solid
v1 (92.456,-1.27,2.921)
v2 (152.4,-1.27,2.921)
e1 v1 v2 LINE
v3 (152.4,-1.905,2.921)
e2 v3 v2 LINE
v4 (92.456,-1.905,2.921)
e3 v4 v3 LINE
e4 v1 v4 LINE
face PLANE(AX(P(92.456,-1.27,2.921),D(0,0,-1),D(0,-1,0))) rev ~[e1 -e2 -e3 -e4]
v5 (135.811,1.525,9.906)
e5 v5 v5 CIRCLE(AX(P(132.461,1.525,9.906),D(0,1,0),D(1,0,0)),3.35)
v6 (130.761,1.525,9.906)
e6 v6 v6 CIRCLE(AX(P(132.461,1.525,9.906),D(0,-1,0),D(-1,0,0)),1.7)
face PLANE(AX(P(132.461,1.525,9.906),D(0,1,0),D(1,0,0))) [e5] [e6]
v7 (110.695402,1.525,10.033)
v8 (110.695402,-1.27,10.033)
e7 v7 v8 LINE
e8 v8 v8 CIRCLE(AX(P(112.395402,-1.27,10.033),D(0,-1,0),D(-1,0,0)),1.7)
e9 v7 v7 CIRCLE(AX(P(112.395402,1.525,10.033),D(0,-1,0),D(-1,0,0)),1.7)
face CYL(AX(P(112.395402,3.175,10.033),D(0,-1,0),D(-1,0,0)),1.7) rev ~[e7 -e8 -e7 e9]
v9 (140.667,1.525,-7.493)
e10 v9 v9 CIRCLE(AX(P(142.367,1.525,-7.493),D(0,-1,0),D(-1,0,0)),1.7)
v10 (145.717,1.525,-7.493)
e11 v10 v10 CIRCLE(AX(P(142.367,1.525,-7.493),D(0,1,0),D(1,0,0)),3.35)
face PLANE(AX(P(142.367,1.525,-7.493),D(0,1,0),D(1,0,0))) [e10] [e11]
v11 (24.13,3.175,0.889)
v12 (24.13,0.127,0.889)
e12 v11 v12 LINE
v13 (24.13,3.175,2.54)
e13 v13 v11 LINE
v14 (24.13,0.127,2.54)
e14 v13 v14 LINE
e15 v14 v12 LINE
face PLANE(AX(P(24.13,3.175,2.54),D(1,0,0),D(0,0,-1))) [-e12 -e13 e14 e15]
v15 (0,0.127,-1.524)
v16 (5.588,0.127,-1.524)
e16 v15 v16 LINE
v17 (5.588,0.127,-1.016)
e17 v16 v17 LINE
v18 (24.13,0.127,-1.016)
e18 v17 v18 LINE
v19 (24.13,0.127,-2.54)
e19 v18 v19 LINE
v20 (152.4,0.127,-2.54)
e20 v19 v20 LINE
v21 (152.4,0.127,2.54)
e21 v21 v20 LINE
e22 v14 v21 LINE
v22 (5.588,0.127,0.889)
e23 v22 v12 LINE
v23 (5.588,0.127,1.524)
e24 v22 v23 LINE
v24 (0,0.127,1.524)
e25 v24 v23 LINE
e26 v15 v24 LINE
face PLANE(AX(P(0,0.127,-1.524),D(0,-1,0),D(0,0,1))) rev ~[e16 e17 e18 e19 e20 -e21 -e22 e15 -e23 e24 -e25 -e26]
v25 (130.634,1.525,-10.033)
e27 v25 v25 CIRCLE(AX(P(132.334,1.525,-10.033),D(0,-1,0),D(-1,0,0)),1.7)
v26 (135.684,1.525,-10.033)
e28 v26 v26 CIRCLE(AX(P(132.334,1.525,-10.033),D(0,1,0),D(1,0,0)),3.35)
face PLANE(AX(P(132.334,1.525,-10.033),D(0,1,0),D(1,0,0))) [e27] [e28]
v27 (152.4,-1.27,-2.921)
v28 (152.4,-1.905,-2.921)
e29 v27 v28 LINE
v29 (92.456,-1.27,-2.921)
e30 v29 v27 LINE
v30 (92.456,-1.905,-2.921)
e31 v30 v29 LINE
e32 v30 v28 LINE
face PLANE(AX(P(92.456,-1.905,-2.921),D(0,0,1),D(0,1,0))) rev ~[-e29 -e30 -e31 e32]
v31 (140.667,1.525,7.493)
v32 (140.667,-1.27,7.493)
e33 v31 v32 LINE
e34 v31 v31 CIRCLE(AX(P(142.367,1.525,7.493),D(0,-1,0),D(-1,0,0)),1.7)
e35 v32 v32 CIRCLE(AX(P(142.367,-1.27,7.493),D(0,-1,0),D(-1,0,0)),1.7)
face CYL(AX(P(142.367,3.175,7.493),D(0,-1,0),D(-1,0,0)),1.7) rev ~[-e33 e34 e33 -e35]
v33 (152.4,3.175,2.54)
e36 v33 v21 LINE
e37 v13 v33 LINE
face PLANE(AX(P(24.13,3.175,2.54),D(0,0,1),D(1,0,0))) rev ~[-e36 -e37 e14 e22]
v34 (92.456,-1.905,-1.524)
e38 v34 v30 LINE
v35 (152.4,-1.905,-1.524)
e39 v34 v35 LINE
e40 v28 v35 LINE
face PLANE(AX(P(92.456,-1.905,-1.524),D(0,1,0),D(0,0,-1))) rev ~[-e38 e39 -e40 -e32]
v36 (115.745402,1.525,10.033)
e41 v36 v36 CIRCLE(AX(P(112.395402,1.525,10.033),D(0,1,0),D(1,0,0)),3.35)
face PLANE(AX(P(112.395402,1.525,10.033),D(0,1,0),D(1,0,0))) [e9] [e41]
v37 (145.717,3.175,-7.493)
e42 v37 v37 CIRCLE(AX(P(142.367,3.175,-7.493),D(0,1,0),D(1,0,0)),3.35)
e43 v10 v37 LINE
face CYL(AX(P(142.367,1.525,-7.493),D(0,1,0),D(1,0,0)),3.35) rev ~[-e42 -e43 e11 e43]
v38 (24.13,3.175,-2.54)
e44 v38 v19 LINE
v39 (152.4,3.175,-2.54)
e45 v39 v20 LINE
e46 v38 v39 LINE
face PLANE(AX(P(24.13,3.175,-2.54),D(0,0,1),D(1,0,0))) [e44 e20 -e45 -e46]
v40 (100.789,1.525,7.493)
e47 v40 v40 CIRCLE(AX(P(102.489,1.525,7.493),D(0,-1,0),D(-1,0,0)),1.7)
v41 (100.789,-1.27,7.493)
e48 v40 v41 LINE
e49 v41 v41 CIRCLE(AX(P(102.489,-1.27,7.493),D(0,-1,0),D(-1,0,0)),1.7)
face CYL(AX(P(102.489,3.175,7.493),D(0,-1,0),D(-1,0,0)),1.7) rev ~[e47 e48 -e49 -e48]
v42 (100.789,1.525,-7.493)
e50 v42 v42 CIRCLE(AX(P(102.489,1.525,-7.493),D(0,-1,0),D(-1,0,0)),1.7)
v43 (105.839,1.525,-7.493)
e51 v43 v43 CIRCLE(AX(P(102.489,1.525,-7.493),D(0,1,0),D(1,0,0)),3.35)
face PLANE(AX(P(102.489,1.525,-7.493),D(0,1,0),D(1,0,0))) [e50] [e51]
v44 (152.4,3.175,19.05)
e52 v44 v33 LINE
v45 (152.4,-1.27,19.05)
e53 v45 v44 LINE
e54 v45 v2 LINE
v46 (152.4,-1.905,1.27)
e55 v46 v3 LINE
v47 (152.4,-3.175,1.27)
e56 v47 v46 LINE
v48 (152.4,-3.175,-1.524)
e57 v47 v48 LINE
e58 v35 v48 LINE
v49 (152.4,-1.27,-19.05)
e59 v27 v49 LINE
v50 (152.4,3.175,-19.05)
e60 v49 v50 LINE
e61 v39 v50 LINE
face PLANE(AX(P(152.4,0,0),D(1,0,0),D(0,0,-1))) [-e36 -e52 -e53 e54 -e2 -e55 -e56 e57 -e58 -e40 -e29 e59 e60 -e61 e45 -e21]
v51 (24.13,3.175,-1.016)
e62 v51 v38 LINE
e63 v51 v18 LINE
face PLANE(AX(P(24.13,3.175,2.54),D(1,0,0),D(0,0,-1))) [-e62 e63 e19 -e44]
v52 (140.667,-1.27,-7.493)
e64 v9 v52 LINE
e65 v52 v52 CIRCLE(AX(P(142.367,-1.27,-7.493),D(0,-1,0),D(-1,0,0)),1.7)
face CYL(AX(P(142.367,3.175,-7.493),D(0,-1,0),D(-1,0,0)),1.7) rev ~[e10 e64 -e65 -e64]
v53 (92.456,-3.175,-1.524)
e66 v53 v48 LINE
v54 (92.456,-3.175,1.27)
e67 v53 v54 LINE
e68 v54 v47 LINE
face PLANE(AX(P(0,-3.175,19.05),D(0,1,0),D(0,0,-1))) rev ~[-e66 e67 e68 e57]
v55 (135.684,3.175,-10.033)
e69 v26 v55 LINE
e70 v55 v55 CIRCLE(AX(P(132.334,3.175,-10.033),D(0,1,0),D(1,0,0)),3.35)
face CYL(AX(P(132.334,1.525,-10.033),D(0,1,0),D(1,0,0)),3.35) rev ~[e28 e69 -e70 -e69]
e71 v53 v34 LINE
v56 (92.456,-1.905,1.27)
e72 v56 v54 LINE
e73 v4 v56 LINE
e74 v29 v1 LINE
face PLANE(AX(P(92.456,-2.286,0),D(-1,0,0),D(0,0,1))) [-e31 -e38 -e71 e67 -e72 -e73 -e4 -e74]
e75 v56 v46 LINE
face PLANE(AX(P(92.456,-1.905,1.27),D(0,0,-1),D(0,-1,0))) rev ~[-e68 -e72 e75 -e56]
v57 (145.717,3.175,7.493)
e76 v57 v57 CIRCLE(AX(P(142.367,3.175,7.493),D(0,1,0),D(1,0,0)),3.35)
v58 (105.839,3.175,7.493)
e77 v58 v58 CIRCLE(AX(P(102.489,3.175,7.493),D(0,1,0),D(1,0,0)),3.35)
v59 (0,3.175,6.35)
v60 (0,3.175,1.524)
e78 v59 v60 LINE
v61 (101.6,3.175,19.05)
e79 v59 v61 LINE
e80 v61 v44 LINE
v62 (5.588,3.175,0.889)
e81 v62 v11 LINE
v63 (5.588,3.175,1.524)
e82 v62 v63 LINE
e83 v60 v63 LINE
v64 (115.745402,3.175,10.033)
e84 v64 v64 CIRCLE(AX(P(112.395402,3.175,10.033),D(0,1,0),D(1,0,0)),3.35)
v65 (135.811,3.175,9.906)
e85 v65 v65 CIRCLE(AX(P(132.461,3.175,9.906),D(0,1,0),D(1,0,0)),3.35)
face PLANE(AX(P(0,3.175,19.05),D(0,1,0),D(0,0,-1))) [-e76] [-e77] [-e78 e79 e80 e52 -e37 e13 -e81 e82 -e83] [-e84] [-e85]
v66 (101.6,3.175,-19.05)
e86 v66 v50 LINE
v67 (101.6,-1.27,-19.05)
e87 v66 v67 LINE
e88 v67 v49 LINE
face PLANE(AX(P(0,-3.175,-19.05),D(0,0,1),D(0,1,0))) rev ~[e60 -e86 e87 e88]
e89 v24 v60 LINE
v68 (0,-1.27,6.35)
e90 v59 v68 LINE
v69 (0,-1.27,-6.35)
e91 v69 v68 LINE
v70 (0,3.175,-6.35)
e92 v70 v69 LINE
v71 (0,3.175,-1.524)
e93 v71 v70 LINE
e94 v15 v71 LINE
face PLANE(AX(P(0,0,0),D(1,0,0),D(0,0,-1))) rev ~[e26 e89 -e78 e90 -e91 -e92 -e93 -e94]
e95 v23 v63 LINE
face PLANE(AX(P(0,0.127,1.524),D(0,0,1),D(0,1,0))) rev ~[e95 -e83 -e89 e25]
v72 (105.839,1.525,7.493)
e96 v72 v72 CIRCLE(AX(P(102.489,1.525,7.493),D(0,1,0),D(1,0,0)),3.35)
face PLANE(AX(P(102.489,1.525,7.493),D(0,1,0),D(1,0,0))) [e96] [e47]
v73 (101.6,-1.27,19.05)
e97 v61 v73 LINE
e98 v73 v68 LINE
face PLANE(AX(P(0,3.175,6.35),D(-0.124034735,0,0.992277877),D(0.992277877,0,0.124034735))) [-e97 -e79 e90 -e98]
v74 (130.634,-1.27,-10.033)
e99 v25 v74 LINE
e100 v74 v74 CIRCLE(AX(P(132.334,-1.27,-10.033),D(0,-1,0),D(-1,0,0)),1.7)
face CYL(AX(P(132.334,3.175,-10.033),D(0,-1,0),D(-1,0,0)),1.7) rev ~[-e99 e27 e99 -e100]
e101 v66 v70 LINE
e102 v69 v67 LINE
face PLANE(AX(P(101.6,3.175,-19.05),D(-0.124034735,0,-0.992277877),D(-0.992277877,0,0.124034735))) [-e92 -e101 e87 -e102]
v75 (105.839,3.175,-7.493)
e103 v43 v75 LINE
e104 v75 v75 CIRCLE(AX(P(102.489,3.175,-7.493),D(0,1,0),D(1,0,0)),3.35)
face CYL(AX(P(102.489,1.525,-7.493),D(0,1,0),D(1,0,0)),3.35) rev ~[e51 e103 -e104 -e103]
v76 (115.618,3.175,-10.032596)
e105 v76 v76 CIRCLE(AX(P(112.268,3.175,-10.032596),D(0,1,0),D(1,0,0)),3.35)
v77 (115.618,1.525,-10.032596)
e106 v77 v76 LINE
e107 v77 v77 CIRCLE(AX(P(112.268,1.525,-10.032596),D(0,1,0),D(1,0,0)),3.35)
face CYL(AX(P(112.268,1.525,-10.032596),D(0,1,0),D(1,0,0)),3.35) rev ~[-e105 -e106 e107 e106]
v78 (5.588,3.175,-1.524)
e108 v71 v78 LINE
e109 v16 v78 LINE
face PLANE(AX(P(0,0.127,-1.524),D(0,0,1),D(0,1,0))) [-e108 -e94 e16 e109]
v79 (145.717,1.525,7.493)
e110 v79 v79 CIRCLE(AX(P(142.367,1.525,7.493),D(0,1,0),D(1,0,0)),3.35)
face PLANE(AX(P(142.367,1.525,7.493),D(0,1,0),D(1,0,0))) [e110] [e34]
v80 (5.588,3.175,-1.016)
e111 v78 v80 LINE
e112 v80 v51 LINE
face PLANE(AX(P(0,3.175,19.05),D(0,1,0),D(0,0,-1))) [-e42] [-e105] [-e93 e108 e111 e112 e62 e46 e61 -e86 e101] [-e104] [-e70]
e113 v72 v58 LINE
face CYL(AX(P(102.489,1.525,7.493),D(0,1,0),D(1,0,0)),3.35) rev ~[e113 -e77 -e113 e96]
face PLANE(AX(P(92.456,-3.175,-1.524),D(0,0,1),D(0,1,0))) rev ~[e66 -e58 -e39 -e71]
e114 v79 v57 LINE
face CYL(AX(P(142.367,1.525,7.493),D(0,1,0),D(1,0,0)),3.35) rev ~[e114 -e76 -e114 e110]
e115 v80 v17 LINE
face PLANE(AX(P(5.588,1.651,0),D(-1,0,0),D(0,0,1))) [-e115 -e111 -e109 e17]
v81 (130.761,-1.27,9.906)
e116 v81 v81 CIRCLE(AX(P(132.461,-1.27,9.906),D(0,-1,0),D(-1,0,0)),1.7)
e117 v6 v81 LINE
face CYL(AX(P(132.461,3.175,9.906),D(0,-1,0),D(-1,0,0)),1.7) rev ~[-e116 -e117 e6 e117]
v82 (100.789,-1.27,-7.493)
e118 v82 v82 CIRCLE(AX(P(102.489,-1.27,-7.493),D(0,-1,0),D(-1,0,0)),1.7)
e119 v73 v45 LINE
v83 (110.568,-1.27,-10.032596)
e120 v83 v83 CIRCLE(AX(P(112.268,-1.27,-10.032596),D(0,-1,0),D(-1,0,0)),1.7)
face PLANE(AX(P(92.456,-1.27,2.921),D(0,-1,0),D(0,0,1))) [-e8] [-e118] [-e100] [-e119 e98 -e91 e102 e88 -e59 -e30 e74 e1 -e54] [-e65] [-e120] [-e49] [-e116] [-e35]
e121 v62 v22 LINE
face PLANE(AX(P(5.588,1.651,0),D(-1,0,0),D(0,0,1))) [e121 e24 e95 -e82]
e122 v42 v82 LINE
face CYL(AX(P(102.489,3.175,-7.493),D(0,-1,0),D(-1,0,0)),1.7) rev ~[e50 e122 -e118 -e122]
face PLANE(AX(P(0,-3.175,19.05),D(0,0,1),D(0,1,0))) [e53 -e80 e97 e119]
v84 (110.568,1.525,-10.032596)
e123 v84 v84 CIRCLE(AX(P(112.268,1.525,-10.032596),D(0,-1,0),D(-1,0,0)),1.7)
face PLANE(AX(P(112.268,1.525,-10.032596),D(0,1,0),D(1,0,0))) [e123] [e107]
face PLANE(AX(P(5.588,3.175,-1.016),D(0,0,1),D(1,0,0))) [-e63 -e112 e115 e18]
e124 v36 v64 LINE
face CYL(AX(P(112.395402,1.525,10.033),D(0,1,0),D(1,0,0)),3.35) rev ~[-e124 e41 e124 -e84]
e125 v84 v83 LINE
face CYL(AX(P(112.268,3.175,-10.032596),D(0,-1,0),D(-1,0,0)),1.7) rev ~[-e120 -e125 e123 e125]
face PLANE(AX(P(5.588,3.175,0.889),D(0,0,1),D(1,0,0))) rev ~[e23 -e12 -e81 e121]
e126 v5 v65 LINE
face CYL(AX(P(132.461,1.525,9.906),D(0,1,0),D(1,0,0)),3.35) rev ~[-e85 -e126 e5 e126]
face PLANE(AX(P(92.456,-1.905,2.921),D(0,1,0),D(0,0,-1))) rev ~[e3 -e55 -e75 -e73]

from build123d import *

# Parameters (mm, degrees)
SKETCH2_W                       = 38.1
SKETCH2_H                       = 6.35
BOSS_EXTRUDE1_DEPTH             = 152.4
CBORE_FOR_M3_SBHCS1_D           = 3.4
CBORE_FOR_M3_SBHCS1_CBORE_D     = 6.7
CBORE_FOR_M3_SBHCS1_CBORE_DEPTH = 1.65
SKETCH9_W                       = 3.048
SKETCH9_H                       = 3.048
CUT_EXTRUDE1_DEPTH              = 5.588
SKETCH12_W                      = 128.27
SKETCH12_H                      = 5.08
CUT_EXTRUDE2_DEPTH              = 3.048
SKETCH13_W                      = 18.542
SKETCH13_H                      = 1.905
CUT_EXTRUDE3_DEPTH              = 3.048
CUT_EXTRUDE4_DEPTH              = 6.35
CUT_EXTRUDE5_DEPTH              = 6.35
CUT_EXTRUDE7_DEPTH              = 154.618824123
CUT_EXTRUDE7_DEPTH_BACK         = 59.944
SKETCH19_W                      = 38.1
SKETCH19_H                      = 2.032
CUT_EXTRUDE9_DEPTH              = 92.456


with BuildPart() as part:
    # Sketch2 → Boss-Extrude1 (new body)
    with BuildSketch(Plane(origin=(0, 0, 0), x_dir=(0, 0, -1), z_dir=(1, 0, 0))):
        Rectangle(SKETCH2_W, SKETCH2_H)
    extrude(amount=BOSS_EXTRUDE1_DEPTH)

    # CBORE for M3 SBHCS1 (through all)
    with Locations(Plane(origin=(0, 3.175, 0), x_dir=(1, 0, 0), z_dir=(0, 1, 0))):
        with Locations((142.367, -7.493), (142.367, 7.493), (102.489, 7.493), (102.489, -7.493), (132.334, 10.033), (112.268, 10.032595549), (112.395401903, -10.033), (132.461, -9.906)):
            CounterBoreHole(CBORE_FOR_M3_SBHCS1_D / 2, CBORE_FOR_M3_SBHCS1_CBORE_D / 2, CBORE_FOR_M3_SBHCS1_CBORE_DEPTH)

    # Sketch9 → Cut-Extrude1 (cut)
    with BuildSketch(Plane.ZY):
        with Locations((0, 1.651)):
            Rectangle(SKETCH9_W, SKETCH9_H)
    extrude(amount=-CUT_EXTRUDE1_DEPTH, mode=Mode.SUBTRACT)

    # Sketch12 → Cut-Extrude2 (cut)
    with BuildSketch(Plane(origin=(0, 3.175, 0), x_dir=(1, 0, 0), z_dir=(0, 1, 0))):
        with Locations((88.265, 0)):
            Rectangle(SKETCH12_W, SKETCH12_H)
    extrude(amount=-CUT_EXTRUDE2_DEPTH, mode=Mode.SUBTRACT)

    # Sketch13 → Cut-Extrude3 (cut)
    with BuildSketch(Plane(origin=(0, 3.175, 0), x_dir=(1, 0, 0), z_dir=(0, 1, 0))):
        with Locations((14.859, 0.0635)):
            Rectangle(SKETCH13_W, SKETCH13_H)
    extrude(amount=-CUT_EXTRUDE3_DEPTH, mode=Mode.SUBTRACT)

    # Sketch14 → Cut-Extrude4 (cut)
    with BuildSketch(Plane(origin=(0, 3.175, 0), x_dir=(1, 0, 0), z_dir=(0, 1, 0))):
        Polygon((0, 6.35), (0, 19.05), (101.6, 19.05), align=None)
    extrude(amount=-CUT_EXTRUDE4_DEPTH, mode=Mode.SUBTRACT)

    # Sketch15 → Cut-Extrude5 (cut)
    with BuildSketch(Plane(origin=(0, 3.175, 0), x_dir=(1, 0, 0), z_dir=(0, 1, 0))):
        Polygon((0, -6.35), (101.6, -19.05), (0, -19.05), align=None)
    extrude(amount=-CUT_EXTRUDE5_DEPTH, mode=Mode.SUBTRACT)

    # Sketch17 → Cut-Extrude7 (cut, two sides: drawn at the far end of the back side and taken through both)
    with BuildSketch(Plane(origin=(152.4, 0, 0), x_dir=(0, 0, -1), z_dir=(1, 0, 0)).offset(-CUT_EXTRUDE7_DEPTH_BACK)):
        Polygon((-105.766830618, -1.27), (-19.05, -1.27), (-2.921, -1.27), (-2.921, -1.905), (-1.27, -1.905), (-1.27, -3.175), (1.524, -3.175), (1.524, -1.905), (2.921, -1.905), (2.921, -1.27), (19.05, -1.27), (105.766830618, -1.27), (105.766830618, -174.703661235), (-105.766830618, -174.703661235), align=None)
    extrude(amount=CUT_EXTRUDE7_DEPTH + CUT_EXTRUDE7_DEPTH_BACK, mode=Mode.SUBTRACT)

    # Sketch19 → Cut-Extrude9 (cut)
    with BuildSketch(Plane.ZY):
        with Locations((0, -2.286)):
            Rectangle(SKETCH19_W, SKETCH19_H)
    extrude(amount=-CUT_EXTRUDE9_DEPTH, mode=Mode.SUBTRACT)


solid = part.part
